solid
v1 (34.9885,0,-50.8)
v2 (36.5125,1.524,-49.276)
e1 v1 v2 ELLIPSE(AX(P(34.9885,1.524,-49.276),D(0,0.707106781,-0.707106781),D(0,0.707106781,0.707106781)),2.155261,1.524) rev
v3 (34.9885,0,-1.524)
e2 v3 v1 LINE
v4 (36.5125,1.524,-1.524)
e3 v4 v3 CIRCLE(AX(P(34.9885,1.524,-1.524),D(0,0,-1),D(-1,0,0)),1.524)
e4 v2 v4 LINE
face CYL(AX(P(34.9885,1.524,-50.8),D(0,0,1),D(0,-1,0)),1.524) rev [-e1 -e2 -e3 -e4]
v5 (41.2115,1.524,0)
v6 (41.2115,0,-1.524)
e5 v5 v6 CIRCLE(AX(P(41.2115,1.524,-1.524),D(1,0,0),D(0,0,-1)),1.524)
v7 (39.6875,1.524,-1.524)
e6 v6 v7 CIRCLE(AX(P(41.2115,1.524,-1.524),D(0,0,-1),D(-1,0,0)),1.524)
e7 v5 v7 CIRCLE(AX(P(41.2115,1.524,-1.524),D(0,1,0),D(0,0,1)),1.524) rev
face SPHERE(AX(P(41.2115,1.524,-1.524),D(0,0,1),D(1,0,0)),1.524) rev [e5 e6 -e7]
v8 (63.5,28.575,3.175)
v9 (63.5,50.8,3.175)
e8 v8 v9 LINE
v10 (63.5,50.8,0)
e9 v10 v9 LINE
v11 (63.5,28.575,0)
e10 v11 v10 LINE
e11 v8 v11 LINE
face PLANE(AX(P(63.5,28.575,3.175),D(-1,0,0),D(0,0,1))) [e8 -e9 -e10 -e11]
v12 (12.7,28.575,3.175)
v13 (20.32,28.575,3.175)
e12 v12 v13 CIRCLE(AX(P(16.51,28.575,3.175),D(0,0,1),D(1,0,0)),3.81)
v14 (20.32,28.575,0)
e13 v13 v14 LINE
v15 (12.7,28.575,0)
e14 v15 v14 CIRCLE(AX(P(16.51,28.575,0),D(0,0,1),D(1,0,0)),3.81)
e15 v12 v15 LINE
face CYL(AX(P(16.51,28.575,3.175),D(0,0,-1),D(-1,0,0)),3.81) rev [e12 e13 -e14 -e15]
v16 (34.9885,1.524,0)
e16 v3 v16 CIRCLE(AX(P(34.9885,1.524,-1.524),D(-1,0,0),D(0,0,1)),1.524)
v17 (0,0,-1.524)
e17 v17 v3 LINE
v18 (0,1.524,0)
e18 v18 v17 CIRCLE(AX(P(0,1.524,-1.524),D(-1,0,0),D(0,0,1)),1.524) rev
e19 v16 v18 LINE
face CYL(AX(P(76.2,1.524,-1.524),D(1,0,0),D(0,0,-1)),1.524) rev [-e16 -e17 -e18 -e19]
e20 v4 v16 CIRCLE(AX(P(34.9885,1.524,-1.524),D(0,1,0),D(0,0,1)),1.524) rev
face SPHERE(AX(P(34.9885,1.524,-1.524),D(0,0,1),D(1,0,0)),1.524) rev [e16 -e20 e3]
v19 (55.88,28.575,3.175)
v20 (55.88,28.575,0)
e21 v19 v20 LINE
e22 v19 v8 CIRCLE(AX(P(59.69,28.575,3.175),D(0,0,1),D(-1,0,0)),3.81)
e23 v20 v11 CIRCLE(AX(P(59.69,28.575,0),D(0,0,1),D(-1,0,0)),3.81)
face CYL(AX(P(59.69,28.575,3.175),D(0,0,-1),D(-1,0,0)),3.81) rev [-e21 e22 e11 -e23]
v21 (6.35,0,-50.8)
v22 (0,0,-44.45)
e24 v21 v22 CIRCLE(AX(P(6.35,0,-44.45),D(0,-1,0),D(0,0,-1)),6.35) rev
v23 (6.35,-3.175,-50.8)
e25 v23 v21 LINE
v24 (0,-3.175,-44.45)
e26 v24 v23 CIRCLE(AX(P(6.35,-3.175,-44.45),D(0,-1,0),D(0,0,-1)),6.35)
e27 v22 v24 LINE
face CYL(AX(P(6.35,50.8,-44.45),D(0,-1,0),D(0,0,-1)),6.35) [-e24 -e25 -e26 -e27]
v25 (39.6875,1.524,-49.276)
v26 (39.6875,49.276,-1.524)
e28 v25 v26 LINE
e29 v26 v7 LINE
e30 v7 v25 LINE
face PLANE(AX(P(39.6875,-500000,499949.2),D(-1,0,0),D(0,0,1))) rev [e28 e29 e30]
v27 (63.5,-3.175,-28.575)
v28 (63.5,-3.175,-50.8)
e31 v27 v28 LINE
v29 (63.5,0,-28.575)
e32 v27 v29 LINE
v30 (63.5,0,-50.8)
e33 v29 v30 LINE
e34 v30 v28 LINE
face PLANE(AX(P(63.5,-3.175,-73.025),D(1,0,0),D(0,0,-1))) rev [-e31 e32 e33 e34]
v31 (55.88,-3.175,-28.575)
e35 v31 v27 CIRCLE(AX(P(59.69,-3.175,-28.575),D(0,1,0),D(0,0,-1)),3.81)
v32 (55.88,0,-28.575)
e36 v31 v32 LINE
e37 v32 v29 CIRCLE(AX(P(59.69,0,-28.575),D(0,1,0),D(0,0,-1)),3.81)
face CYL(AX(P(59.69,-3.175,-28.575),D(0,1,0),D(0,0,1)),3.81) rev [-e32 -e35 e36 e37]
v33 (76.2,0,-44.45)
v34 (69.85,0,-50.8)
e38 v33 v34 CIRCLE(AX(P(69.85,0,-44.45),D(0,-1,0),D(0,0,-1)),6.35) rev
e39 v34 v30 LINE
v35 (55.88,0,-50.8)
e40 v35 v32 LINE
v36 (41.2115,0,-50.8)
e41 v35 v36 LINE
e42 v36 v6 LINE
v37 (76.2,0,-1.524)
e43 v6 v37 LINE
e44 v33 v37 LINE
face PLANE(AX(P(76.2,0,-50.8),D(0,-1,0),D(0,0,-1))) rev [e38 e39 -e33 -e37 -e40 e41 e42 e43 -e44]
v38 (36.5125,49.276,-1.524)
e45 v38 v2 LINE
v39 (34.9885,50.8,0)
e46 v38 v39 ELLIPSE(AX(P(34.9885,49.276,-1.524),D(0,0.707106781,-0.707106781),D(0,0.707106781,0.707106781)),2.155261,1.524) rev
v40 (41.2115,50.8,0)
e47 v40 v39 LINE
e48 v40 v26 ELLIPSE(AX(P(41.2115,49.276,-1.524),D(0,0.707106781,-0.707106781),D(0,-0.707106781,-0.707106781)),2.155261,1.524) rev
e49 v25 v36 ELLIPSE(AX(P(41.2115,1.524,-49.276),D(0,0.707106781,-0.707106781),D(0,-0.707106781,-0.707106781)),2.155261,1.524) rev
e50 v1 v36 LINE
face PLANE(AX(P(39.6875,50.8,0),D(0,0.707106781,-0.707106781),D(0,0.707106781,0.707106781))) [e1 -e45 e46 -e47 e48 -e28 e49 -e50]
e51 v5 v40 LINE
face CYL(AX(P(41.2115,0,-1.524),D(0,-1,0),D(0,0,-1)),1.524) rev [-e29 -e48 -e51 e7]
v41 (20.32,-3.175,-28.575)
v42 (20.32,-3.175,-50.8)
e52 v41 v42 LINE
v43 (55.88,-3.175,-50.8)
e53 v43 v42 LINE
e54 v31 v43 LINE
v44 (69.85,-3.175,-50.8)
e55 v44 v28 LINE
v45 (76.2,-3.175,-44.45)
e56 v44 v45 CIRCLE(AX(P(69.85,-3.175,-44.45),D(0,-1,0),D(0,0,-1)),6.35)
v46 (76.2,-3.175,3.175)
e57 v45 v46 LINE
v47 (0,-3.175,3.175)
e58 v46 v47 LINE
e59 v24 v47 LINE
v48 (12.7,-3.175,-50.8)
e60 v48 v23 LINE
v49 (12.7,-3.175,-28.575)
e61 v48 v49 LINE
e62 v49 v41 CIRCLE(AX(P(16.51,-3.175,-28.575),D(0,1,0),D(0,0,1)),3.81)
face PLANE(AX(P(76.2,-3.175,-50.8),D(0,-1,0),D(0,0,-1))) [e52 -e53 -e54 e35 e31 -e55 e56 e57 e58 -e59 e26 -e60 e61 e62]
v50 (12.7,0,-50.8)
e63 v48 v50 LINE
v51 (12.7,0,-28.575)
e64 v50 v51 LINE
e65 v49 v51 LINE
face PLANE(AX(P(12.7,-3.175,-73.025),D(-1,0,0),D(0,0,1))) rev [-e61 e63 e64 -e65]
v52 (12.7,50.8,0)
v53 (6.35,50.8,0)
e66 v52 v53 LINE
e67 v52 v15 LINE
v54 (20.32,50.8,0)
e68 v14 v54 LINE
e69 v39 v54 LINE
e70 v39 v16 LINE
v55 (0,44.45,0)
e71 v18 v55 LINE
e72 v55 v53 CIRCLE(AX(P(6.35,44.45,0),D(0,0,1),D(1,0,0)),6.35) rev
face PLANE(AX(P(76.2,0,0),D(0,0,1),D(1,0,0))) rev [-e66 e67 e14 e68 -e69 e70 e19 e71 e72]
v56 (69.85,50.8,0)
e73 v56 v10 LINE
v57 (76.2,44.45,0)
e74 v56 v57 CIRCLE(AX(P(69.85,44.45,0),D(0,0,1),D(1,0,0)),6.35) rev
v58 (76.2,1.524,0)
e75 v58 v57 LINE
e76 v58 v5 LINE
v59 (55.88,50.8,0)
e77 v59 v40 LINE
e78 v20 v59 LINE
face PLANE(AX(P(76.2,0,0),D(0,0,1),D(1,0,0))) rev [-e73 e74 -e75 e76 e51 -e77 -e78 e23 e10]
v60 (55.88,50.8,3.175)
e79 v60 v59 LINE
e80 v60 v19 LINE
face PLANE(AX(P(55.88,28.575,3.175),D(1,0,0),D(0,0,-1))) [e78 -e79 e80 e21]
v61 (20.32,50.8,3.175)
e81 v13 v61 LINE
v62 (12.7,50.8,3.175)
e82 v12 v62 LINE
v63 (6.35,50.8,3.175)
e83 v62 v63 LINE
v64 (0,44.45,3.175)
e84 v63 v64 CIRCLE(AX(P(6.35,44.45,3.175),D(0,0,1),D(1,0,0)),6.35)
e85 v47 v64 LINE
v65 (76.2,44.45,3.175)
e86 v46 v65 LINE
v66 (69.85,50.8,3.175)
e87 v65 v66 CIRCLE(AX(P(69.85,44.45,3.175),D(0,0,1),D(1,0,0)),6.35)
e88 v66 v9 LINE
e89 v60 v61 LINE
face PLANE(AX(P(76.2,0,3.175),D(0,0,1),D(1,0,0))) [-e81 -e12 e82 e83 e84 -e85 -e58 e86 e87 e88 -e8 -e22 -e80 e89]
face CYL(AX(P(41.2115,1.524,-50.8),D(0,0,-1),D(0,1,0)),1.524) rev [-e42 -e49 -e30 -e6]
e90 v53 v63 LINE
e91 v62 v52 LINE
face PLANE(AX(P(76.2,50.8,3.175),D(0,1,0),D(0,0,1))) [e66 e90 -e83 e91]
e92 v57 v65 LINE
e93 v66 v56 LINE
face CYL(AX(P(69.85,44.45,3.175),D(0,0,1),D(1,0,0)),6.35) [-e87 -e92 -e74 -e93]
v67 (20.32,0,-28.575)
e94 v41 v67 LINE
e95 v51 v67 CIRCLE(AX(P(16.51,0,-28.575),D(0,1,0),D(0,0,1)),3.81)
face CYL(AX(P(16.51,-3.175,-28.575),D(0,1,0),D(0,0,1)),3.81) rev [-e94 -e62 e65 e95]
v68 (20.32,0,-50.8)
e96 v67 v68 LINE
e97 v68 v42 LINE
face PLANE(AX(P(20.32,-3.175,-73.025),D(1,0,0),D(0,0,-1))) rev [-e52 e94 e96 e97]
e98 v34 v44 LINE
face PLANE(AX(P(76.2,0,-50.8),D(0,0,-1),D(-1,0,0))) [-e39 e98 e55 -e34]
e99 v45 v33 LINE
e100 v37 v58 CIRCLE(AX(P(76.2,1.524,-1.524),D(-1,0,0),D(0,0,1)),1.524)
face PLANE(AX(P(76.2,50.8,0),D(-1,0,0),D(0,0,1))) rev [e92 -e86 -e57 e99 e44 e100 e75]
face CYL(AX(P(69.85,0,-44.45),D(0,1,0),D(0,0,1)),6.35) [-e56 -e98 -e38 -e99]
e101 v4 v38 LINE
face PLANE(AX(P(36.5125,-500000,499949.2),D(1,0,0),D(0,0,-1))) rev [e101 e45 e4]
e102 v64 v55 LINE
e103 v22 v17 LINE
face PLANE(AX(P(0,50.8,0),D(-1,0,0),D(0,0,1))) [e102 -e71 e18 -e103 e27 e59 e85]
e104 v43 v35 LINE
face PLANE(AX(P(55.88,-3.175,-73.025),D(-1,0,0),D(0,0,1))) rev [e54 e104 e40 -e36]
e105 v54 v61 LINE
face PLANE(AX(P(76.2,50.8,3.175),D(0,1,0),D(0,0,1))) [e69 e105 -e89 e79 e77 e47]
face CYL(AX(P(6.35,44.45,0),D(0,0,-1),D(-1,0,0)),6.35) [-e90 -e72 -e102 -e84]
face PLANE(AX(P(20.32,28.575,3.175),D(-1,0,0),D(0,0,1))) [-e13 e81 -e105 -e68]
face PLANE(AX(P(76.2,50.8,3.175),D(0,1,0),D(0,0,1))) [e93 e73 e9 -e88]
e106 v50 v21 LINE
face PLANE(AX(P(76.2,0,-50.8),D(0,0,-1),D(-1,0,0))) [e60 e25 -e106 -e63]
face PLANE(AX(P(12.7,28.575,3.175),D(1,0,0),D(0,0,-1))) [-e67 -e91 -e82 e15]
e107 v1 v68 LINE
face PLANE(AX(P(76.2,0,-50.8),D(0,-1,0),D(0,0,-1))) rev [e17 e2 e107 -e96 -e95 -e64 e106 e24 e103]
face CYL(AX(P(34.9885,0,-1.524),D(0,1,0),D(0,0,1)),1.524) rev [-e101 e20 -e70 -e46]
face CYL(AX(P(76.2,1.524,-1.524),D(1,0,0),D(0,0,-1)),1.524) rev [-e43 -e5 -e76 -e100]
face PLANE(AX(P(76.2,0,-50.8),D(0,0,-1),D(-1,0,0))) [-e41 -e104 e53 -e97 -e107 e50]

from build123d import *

# Parameters (mm, degrees)
EXTRUDE_THIN1_DEPTH = 76.2
FILLET1_R           = 6.35
BOSS_EXTRUDE1_REACH = 88.253
SKETCH2_W           = 3.175
SKETCH2_H           = 71.842048968
CUT_EXTRUDE1_DEPTH  = 105.726882891
CUT_EXTRUDE2_DEPTH  = 105.726882891
FILLET2_R           = 1.524


with BuildPart() as part:
    # Sketch1 → Extrude-Thin1 (new body)
    with BuildSketch(Plane(origin=(0, 0, 0), x_dir=(0, 0, -1), z_dir=(1, 0, 0))):
        Polygon((50.8, 0), (0, 0), (0, 50.8), (-3.175, 50.8), (-3.175, -3.175), (50.8, -3.175), align=None)
    extrude(amount=EXTRUDE_THIN1_DEPTH)

    # Fillet1
    fillet1_edges = [part.edges().sort_by_distance(p)[0] for p in [
        (76.2, -1.5875, -50.8),
        (0, -1.5875, -50.8),
        (0, 50.8, 1.5875),
        (76.2, 50.8, 1.5875),
    ]]
    fillet(fillet1_edges, radius=FILLET1_R)

    # Sketch2 → Boss-Extrude1 (add, up to next)
    with BuildSketch(Plane(origin=(0, 25.4, -25.4), x_dir=(1, 0, 0), z_dir=(0, -0.7071067811865477, 0.7071067811865475)), mode=Mode.PRIVATE) as boss_extrude1_sk1:
        with Locations((38.1, 0)):
            Rectangle(SKETCH2_W, SKETCH2_H)
    boss_extrude1_tool1 = extrude(boss_extrude1_sk1.sketch, amount=BOSS_EXTRUDE1_REACH, mode=Mode.PRIVATE) - part.part
    add(boss_extrude1_tool1.solids().sort_by_distance((38.1, 25.4, -25.4))[0])

    # Sketch3 → Cut-Extrude1 (cut, through all)
    with BuildSketch(Plane.XY):
        with BuildLine():
            Line((12.7, 28.575), (12.7, 73.025))
            ThreePointArc((12.7, 73.025), (16.51, 76.835), (20.32, 73.025))
            Line((20.32, 73.025), (20.32, 28.575))
            ThreePointArc((20.32, 28.575), (16.51, 24.765), (12.7, 28.575))
        make_face()
        with BuildLine():
            Line((63.5, 28.575), (63.5, 73.025))
            ThreePointArc((63.5, 73.025), (59.69, 76.835), (55.88, 73.025))
            Line((55.88, 73.025), (55.88, 28.575))
            ThreePointArc((55.88, 28.575), (59.69, 24.765), (63.5, 28.575))
        make_face()
    extrude(amount=CUT_EXTRUDE1_DEPTH, mode=Mode.SUBTRACT)

    # Sketch4 → Cut-Extrude2 (cut, through all)
    with BuildSketch(Plane(origin=(0, 0, 0), x_dir=(1, 0, 0), z_dir=(0, 1, 0))):
        with BuildLine():
            Line((20.32, 73.025), (20.32, 28.575))
            ThreePointArc((20.32, 28.575), (16.51, 24.765), (12.7, 28.575))
            Line((12.7, 28.575), (12.7, 73.025))
            ThreePointArc((12.7, 73.025), (16.51, 76.835), (20.32, 73.025))
        make_face()
        with BuildLine():
            Line((55.88, 73.025), (55.88, 28.575))
            ThreePointArc((55.88, 28.575), (59.69, 24.765), (63.5, 28.575))
            Line((63.5, 28.575), (63.5, 73.025))
            ThreePointArc((63.5, 73.025), (59.69, 76.835), (55.88, 73.025))
        make_face()
    extrude(amount=-CUT_EXTRUDE2_DEPTH, mode=Mode.SUBTRACT)

    # Fillet2
    fillet2_edges = [part.edges().sort_by_distance(p)[0] for p in [
        (18.25625, 0, 0),
        (39.6875, 25.4, 0),
        (36.5125, 25.4, 0),
        (39.6875, 0, -25.4),
        (36.5125, 0, -25.4),
        (57.94375, 0, 0),
    ]]
    fillet(fillet2_edges, radius=FILLET2_R)


solid = part.part
